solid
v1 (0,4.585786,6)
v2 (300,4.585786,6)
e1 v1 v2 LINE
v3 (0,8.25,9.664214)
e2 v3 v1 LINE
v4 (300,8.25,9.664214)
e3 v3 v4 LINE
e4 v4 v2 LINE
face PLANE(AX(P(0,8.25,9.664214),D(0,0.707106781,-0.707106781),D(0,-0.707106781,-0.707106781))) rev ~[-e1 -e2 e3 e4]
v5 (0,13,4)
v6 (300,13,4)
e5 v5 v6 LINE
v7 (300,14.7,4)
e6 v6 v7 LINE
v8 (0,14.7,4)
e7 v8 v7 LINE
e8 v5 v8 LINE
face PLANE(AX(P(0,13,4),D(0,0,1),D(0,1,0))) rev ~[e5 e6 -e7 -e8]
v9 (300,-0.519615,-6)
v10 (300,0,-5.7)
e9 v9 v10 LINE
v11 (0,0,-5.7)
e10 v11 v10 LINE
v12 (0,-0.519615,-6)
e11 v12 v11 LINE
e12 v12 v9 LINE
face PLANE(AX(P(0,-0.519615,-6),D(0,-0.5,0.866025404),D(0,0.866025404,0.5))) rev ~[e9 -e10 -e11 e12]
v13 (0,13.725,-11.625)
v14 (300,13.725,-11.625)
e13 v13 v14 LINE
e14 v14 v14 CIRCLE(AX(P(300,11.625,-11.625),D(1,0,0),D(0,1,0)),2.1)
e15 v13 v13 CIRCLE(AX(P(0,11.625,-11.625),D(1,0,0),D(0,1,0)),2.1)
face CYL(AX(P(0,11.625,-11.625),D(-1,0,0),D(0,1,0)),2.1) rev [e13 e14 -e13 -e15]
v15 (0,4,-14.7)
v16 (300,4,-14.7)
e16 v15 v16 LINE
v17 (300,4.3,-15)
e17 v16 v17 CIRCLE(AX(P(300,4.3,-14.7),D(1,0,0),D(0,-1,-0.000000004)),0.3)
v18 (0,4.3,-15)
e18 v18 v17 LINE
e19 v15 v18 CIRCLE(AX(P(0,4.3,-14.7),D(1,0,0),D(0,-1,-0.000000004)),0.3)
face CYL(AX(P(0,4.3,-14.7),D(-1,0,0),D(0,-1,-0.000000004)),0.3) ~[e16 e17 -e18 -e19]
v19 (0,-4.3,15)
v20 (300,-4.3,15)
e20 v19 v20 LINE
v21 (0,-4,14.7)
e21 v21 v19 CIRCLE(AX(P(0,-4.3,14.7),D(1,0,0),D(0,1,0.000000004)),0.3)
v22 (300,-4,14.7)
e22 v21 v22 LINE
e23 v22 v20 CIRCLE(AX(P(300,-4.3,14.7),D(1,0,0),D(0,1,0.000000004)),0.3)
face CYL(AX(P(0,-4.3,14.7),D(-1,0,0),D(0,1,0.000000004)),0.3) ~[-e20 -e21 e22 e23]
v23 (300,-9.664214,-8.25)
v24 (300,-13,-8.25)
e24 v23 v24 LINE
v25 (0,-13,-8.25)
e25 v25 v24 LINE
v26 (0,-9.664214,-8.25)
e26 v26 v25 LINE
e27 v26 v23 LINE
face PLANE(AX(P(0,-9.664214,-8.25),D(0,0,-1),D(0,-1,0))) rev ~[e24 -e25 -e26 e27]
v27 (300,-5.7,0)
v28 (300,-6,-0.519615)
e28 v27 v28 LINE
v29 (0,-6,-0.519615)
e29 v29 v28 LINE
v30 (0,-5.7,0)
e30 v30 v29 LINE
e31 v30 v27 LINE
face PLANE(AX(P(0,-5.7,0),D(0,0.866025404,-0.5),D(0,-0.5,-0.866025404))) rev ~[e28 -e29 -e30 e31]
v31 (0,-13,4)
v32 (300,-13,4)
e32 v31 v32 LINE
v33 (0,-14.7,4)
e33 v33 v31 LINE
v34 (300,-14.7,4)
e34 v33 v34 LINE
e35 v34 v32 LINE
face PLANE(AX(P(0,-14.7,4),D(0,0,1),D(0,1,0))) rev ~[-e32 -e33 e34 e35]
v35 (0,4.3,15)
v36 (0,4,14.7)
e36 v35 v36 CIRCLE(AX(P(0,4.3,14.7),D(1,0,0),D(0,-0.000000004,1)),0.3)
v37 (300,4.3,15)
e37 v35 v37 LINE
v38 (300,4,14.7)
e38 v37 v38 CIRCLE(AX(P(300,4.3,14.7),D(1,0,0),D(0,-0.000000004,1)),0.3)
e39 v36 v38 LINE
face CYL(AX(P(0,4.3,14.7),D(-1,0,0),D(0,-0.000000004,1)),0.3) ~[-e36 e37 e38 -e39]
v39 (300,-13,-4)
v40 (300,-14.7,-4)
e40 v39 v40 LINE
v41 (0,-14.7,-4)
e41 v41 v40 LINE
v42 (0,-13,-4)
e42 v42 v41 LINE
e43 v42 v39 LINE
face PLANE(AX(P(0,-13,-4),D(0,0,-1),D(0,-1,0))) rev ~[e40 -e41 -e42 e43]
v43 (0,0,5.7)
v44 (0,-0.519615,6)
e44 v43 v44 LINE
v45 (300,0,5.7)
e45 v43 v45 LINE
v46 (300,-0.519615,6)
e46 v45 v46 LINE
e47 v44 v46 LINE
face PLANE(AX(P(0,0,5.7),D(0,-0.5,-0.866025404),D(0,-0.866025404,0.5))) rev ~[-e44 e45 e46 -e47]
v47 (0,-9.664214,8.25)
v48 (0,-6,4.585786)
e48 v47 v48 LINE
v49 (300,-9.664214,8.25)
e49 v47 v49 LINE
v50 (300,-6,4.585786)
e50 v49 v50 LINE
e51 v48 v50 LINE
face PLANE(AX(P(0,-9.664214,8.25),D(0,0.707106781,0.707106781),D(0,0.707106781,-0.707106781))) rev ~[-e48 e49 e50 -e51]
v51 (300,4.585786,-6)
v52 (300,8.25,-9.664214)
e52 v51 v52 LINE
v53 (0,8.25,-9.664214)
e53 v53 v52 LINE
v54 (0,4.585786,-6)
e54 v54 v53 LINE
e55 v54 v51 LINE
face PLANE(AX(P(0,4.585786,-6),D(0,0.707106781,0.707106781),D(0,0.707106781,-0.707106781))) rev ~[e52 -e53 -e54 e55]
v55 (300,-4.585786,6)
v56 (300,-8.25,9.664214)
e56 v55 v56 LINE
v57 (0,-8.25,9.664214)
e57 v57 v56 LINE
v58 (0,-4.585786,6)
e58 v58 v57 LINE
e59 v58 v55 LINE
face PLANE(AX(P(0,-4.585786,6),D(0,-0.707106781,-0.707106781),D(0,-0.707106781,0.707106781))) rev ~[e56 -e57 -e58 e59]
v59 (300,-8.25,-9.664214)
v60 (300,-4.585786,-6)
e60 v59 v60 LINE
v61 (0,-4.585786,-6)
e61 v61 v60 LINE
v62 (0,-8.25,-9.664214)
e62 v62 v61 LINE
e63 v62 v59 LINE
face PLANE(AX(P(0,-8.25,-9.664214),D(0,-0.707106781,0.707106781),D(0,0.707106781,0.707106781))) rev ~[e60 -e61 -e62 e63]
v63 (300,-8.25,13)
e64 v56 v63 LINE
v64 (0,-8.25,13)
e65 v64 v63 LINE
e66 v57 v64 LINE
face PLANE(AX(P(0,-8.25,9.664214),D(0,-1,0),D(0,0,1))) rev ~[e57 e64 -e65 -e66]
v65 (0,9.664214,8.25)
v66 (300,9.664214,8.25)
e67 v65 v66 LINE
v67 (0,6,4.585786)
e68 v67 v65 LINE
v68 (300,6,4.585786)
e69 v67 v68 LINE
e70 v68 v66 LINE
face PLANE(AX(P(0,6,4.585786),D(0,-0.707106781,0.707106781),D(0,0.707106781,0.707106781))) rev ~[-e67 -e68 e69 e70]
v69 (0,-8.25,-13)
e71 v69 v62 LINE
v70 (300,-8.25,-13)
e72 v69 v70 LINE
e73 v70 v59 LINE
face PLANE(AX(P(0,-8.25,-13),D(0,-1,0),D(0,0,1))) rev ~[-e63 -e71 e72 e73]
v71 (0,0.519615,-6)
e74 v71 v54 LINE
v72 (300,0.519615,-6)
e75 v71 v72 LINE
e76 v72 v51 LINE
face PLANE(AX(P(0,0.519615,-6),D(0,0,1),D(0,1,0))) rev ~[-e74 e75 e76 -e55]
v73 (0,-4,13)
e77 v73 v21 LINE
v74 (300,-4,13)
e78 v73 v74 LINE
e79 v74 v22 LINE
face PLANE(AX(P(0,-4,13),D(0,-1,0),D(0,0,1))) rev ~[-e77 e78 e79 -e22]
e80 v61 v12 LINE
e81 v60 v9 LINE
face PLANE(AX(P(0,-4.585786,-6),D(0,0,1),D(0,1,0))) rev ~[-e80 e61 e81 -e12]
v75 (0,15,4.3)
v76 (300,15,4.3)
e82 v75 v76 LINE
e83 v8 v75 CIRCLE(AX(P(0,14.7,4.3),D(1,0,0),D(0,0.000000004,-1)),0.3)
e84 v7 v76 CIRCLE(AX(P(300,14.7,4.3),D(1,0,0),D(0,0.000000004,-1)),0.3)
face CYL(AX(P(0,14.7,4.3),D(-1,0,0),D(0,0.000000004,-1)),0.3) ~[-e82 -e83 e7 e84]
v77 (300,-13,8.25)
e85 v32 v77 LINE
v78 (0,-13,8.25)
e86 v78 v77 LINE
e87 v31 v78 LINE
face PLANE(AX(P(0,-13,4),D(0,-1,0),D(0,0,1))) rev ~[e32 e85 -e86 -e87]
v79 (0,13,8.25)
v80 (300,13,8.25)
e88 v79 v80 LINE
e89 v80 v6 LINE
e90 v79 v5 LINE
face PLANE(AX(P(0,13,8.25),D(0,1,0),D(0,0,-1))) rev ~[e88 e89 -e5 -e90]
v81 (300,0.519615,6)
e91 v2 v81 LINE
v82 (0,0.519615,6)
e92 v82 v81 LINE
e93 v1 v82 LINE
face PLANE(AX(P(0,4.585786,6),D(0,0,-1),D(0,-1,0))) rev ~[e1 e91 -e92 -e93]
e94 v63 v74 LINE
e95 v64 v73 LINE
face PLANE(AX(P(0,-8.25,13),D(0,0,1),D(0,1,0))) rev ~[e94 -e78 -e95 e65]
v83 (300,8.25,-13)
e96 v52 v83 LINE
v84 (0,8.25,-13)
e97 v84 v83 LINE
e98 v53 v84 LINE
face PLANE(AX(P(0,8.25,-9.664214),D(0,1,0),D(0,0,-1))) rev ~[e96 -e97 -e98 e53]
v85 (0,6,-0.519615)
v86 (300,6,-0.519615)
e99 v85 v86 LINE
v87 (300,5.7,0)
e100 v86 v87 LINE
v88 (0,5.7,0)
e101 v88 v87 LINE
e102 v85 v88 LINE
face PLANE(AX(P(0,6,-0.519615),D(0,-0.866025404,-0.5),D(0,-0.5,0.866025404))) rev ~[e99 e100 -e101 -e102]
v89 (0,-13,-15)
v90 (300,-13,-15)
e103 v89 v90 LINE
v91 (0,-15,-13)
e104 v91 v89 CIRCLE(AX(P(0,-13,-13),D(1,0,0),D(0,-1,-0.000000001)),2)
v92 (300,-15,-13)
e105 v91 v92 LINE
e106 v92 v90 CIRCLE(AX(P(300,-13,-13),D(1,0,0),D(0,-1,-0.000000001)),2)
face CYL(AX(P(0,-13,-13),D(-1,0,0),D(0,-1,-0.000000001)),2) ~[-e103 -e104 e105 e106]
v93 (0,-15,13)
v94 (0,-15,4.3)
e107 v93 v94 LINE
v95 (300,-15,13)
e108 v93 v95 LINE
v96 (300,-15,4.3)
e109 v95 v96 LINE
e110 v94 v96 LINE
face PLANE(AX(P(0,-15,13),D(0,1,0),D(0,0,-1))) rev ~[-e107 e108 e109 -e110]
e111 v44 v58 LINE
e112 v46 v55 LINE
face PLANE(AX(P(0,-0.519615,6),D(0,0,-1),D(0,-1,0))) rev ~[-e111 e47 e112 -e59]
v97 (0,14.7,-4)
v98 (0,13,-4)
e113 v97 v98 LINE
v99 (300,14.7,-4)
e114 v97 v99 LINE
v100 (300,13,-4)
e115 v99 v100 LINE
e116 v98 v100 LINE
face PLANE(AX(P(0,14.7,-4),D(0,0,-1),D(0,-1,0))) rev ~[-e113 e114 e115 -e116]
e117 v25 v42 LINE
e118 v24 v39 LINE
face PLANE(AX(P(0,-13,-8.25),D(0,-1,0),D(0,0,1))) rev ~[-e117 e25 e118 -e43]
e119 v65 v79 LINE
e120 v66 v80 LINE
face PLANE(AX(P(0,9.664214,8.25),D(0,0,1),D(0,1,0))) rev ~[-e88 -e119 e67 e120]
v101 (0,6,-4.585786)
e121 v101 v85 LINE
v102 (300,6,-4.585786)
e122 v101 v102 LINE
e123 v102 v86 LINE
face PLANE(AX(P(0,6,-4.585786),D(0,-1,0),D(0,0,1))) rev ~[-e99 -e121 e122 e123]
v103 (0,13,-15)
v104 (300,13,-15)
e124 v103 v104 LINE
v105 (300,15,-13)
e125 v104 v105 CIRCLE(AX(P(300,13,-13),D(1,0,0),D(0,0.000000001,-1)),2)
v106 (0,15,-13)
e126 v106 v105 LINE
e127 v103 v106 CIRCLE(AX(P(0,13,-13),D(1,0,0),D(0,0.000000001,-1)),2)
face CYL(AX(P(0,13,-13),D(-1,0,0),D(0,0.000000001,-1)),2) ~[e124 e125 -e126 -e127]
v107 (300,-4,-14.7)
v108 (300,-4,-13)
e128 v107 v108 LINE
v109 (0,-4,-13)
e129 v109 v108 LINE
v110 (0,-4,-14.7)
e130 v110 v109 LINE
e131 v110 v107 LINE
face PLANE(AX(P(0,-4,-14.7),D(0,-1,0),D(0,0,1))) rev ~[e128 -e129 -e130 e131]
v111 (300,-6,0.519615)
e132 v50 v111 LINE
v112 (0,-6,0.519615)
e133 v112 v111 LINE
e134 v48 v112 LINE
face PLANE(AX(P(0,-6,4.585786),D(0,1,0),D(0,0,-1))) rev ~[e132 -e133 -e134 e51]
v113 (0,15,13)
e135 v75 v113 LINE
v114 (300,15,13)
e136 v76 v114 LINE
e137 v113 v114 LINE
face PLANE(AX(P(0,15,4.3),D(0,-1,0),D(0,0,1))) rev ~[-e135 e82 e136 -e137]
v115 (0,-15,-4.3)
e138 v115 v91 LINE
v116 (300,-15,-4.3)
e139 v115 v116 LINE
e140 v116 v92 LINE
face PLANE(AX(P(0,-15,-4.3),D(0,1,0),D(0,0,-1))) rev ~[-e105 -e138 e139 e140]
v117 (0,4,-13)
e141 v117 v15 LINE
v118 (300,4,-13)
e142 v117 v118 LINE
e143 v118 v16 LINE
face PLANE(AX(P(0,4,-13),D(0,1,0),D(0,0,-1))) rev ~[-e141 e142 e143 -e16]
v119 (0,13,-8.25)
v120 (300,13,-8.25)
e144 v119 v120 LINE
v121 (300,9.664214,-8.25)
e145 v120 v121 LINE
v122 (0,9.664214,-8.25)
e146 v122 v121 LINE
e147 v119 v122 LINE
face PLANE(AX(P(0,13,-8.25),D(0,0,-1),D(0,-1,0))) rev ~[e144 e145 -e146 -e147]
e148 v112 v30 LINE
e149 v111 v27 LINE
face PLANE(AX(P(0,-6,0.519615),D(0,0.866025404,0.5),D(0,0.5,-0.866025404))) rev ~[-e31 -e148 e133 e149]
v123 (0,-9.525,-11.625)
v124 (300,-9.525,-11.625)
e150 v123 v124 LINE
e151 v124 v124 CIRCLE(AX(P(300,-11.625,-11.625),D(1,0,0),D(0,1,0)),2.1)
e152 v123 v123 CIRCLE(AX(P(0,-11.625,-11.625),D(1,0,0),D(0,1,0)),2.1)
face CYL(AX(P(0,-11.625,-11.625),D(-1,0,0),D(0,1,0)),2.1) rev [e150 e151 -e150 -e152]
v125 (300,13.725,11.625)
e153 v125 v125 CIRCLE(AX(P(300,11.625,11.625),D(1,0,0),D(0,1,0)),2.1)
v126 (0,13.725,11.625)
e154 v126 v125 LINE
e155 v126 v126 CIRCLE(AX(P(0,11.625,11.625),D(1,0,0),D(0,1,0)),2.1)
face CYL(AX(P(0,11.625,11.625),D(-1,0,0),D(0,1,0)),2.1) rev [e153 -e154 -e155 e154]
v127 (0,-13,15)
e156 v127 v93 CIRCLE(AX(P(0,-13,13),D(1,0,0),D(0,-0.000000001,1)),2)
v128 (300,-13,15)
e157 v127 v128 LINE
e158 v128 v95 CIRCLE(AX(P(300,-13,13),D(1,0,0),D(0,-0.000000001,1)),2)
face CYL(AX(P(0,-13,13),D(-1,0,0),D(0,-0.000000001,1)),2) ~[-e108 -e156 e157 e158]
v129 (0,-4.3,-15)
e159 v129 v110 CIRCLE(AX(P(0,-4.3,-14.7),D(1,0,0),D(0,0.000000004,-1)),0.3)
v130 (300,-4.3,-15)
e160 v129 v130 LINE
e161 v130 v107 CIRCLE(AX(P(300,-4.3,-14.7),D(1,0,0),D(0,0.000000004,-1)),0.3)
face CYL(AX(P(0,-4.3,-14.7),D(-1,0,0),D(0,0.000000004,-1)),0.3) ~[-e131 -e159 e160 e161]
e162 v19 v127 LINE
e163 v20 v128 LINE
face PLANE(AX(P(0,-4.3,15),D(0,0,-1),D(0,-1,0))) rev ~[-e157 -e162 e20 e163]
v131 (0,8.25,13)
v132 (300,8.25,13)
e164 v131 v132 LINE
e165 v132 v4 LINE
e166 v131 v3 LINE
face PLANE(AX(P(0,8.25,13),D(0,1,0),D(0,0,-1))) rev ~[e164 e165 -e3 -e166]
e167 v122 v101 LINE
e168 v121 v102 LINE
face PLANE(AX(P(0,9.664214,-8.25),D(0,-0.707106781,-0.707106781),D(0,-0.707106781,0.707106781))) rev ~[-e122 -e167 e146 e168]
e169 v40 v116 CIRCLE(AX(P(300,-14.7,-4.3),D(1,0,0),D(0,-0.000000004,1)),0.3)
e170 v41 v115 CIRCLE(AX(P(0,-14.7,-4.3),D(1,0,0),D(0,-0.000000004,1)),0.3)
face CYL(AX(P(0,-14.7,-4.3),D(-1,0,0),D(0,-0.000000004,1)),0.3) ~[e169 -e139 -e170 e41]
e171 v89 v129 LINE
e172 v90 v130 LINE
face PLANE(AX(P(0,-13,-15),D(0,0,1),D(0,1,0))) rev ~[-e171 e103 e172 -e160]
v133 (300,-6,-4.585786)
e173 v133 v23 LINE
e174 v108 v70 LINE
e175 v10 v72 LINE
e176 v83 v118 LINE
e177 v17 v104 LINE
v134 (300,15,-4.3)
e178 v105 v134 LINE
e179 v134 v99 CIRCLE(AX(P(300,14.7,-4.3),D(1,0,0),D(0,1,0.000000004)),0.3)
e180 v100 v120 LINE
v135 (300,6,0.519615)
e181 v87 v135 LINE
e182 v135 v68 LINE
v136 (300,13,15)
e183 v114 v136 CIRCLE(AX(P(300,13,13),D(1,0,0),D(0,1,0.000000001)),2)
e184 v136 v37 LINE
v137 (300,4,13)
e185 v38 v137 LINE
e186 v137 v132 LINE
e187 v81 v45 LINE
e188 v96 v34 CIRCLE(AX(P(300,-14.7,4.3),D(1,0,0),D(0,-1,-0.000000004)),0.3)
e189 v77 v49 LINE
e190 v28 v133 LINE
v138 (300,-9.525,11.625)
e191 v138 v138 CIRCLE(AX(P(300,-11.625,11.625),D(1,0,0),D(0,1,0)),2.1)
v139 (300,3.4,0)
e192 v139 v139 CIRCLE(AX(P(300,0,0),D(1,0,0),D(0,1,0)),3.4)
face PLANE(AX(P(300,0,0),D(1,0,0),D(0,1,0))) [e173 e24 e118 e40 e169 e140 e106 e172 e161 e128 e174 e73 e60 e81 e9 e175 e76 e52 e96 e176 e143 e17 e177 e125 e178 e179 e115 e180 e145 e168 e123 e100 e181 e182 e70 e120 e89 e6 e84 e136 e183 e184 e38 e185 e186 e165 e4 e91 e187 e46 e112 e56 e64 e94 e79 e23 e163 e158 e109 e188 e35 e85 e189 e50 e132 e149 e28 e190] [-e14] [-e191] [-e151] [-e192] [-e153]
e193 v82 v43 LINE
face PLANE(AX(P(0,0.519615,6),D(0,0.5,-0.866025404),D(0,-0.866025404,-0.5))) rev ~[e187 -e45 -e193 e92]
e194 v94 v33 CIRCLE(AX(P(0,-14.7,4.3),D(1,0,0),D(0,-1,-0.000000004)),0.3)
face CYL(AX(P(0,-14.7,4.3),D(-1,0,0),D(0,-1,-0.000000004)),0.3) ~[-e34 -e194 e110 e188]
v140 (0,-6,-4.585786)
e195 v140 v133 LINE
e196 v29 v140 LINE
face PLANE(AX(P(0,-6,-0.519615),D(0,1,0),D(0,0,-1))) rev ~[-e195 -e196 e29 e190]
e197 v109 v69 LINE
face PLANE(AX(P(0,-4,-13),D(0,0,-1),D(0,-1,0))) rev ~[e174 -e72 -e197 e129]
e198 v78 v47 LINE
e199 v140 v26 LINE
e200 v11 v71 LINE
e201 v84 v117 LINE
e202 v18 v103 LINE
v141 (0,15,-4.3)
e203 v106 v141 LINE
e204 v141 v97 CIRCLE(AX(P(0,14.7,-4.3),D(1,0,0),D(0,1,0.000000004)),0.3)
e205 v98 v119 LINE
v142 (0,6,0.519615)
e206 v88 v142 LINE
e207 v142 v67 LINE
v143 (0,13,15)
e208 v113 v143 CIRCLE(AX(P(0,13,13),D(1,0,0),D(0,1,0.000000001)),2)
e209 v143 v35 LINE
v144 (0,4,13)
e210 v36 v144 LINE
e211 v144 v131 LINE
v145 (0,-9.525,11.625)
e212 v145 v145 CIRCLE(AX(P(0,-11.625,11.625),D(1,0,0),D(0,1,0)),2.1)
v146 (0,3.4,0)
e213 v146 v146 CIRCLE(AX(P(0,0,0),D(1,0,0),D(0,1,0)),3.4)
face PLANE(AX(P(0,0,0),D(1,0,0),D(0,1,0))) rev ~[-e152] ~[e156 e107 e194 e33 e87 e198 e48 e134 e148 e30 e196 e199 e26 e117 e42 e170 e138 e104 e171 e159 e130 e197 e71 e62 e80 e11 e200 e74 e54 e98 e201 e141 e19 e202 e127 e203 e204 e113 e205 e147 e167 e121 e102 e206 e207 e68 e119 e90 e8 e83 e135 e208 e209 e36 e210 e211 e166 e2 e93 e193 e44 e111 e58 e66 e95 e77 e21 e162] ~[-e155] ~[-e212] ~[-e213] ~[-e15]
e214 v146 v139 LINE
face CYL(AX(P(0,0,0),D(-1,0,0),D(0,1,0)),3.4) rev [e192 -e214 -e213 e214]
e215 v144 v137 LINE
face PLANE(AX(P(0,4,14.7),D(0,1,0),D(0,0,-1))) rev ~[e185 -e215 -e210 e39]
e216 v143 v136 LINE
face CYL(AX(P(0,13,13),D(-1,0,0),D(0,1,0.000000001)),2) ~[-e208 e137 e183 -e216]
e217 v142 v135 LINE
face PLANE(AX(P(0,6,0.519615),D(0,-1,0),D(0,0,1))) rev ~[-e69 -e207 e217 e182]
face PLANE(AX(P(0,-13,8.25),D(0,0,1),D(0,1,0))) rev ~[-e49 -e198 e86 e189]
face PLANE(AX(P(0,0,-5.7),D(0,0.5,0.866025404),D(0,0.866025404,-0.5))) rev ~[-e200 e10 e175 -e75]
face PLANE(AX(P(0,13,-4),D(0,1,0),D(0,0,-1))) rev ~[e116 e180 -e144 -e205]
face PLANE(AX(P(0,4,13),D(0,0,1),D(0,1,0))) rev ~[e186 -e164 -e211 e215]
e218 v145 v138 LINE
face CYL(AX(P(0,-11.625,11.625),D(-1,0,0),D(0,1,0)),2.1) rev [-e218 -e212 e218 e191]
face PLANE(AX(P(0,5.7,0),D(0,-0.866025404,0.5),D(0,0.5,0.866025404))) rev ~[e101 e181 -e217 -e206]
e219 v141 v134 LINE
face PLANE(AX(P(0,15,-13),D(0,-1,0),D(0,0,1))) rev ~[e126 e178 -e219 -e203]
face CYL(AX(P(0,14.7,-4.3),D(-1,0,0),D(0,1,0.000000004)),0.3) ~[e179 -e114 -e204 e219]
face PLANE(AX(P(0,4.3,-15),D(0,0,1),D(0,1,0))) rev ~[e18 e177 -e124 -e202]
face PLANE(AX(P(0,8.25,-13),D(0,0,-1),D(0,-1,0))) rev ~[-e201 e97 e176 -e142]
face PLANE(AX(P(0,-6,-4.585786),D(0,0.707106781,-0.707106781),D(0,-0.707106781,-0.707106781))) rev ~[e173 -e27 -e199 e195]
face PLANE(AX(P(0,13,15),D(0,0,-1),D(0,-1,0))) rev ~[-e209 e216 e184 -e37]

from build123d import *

# Parameters (mm, degrees)
SKETCH_1_R              = 2.1
SKETCH_1_R_2            = 3.4
F_30XS6_30X30S6_1_DEPTH = 300


with BuildPart() as part:
    # 草图1 → 30xs6 30X30S6(1) (new body)
    with BuildSketch(Plane.YZ):
        with BuildLine():
            Line((-14.7, 4), (-13, 4))
            Line((-13, 4), (-13, 8.25))
            Line((-13, 8.25), (-9.664213562, 8.25))
            Line((-9.664213562, 8.25), (-6, 4.585786438))
            Line((-6, 4.585786438), (-6, 0.519615242))
            Line((-6, 0.519615242), (-5.7, 0))
            Line((-5.7, 0), (-6, -0.519615242))
            Line((-6, -0.519615242), (-6, -4.585786438))
            Line((-6, -4.585786438), (-9.664213562, -8.25))
            Line((-9.664213562, -8.25), (-13, -8.25))
            Line((-13, -8.25), (-13, -4))
            Line((-13, -4), (-14.7, -4))
            ThreePointArc((-14.7, -4), (-14.912132034, -4.087867966), (-15, -4.3))
            Line((-15, -4.3), (-15, -13))
            ThreePointArc((-15, -13), (-14.414213562, -14.414213562), (-13, -15))
            Line((-13, -15), (-4.3, -15))
            ThreePointArc((-4.3, -15), (-4.087867966, -14.912132034), (-4, -14.7))
            Line((-4, -14.7), (-4, -13))
            Line((-4, -13), (-8.25, -13))
            Line((-8.25, -13), (-8.25, -9.664213562))
            Line((-8.25, -9.664213562), (-4.585786438, -6))
            Line((-4.585786438, -6), (-0.519615242, -6))
            Line((-0.519615242, -6), (0, -5.7))
            Line((0, -5.7), (0.519615242, -6))
            Line((0.519615242, -6), (4.585786438, -6))
            Line((4.585786438, -6), (8.25, -9.664213562))
            Line((8.25, -9.664213562), (8.25, -13))
            Line((8.25, -13), (4, -13))
            Line((4, -13), (4, -14.7))
            ThreePointArc((4, -14.7), (4.087867966, -14.912132034), (4.3, -15))
            Line((4.3, -15), (13, -15))
            ThreePointArc((13, -15), (14.414213562, -14.414213562), (15, -13))
            Line((15, -13), (15, -4.3))
            ThreePointArc((15, -4.3), (14.912132034, -4.087867966), (14.7, -4))
            Line((14.7, -4), (13, -4))
            Line((13, -4), (13, -8.25))
            Line((13, -8.25), (9.664213562, -8.25))
            Line((9.664213562, -8.25), (6, -4.585786438))
            Line((6, -4.585786438), (6, -0.519615242))
            Line((6, -0.519615242), (5.7, 0))
            Line((5.7, 0), (6, 0.519615242))
            Line((6, 0.519615242), (6, 4.585786438))
            Line((6, 4.585786438), (9.664213562, 8.25))
            Line((9.664213562, 8.25), (13, 8.25))
            Line((13, 8.25), (13, 4))
            Line((13, 4), (14.7, 4))
            ThreePointArc((14.7, 4), (14.912132034, 4.087867966), (15, 4.3))
            Line((15, 4.3), (15, 13))
            ThreePointArc((15, 13), (14.414213562, 14.414213562), (13, 15))
            Line((13, 15), (4.3, 15))
            ThreePointArc((4.3, 15), (4.087867966, 14.912132034), (4, 14.7))
            Line((4, 14.7), (4, 13))
            Line((4, 13), (8.25, 13))
            Line((8.25, 13), (8.25, 9.664213562))
            Line((8.25, 9.664213562), (4.585786438, 6))
            Line((4.585786438, 6), (0.519615242, 6))
            Line((0.519615242, 6), (0, 5.7))
            Line((0, 5.7), (-0.519615242, 6))
            Line((-0.519615242, 6), (-4.585786438, 6))
            Line((-4.585786438, 6), (-8.25, 9.664213562))
            Line((-8.25, 9.664213562), (-8.25, 13))
            Line((-8.25, 13), (-4, 13))
            Line((-4, 13), (-4, 14.7))
            ThreePointArc((-4, 14.7), (-4.087867966, 14.912132034), (-4.3, 15))
            Line((-4.3, 15), (-13, 15))
            ThreePointArc((-13, 15), (-14.414213562, 14.414213562), (-15, 13))
            Line((-15, 13), (-15, 4.3))
            ThreePointArc((-15, 4.3), (-14.912132034, 4.087867966), (-14.7, 4))
        make_face()
        with Locations((11.625, 11.625)):
            Circle(SKETCH_1_R, mode=Mode.SUBTRACT)
        with Locations((11.625, -11.625)):
            Circle(SKETCH_1_R, mode=Mode.SUBTRACT)
        Circle(SKETCH_1_R_2, mode=Mode.SUBTRACT)
        with Locations((-11.625, -11.625)):
            Circle(SKETCH_1_R, mode=Mode.SUBTRACT)
        with Locations((-11.625, 11.625)):
            Circle(SKETCH_1_R, mode=Mode.SUBTRACT)
    extrude(amount=F_30XS6_30X30S6_1_DEPTH)


solid = part.part
